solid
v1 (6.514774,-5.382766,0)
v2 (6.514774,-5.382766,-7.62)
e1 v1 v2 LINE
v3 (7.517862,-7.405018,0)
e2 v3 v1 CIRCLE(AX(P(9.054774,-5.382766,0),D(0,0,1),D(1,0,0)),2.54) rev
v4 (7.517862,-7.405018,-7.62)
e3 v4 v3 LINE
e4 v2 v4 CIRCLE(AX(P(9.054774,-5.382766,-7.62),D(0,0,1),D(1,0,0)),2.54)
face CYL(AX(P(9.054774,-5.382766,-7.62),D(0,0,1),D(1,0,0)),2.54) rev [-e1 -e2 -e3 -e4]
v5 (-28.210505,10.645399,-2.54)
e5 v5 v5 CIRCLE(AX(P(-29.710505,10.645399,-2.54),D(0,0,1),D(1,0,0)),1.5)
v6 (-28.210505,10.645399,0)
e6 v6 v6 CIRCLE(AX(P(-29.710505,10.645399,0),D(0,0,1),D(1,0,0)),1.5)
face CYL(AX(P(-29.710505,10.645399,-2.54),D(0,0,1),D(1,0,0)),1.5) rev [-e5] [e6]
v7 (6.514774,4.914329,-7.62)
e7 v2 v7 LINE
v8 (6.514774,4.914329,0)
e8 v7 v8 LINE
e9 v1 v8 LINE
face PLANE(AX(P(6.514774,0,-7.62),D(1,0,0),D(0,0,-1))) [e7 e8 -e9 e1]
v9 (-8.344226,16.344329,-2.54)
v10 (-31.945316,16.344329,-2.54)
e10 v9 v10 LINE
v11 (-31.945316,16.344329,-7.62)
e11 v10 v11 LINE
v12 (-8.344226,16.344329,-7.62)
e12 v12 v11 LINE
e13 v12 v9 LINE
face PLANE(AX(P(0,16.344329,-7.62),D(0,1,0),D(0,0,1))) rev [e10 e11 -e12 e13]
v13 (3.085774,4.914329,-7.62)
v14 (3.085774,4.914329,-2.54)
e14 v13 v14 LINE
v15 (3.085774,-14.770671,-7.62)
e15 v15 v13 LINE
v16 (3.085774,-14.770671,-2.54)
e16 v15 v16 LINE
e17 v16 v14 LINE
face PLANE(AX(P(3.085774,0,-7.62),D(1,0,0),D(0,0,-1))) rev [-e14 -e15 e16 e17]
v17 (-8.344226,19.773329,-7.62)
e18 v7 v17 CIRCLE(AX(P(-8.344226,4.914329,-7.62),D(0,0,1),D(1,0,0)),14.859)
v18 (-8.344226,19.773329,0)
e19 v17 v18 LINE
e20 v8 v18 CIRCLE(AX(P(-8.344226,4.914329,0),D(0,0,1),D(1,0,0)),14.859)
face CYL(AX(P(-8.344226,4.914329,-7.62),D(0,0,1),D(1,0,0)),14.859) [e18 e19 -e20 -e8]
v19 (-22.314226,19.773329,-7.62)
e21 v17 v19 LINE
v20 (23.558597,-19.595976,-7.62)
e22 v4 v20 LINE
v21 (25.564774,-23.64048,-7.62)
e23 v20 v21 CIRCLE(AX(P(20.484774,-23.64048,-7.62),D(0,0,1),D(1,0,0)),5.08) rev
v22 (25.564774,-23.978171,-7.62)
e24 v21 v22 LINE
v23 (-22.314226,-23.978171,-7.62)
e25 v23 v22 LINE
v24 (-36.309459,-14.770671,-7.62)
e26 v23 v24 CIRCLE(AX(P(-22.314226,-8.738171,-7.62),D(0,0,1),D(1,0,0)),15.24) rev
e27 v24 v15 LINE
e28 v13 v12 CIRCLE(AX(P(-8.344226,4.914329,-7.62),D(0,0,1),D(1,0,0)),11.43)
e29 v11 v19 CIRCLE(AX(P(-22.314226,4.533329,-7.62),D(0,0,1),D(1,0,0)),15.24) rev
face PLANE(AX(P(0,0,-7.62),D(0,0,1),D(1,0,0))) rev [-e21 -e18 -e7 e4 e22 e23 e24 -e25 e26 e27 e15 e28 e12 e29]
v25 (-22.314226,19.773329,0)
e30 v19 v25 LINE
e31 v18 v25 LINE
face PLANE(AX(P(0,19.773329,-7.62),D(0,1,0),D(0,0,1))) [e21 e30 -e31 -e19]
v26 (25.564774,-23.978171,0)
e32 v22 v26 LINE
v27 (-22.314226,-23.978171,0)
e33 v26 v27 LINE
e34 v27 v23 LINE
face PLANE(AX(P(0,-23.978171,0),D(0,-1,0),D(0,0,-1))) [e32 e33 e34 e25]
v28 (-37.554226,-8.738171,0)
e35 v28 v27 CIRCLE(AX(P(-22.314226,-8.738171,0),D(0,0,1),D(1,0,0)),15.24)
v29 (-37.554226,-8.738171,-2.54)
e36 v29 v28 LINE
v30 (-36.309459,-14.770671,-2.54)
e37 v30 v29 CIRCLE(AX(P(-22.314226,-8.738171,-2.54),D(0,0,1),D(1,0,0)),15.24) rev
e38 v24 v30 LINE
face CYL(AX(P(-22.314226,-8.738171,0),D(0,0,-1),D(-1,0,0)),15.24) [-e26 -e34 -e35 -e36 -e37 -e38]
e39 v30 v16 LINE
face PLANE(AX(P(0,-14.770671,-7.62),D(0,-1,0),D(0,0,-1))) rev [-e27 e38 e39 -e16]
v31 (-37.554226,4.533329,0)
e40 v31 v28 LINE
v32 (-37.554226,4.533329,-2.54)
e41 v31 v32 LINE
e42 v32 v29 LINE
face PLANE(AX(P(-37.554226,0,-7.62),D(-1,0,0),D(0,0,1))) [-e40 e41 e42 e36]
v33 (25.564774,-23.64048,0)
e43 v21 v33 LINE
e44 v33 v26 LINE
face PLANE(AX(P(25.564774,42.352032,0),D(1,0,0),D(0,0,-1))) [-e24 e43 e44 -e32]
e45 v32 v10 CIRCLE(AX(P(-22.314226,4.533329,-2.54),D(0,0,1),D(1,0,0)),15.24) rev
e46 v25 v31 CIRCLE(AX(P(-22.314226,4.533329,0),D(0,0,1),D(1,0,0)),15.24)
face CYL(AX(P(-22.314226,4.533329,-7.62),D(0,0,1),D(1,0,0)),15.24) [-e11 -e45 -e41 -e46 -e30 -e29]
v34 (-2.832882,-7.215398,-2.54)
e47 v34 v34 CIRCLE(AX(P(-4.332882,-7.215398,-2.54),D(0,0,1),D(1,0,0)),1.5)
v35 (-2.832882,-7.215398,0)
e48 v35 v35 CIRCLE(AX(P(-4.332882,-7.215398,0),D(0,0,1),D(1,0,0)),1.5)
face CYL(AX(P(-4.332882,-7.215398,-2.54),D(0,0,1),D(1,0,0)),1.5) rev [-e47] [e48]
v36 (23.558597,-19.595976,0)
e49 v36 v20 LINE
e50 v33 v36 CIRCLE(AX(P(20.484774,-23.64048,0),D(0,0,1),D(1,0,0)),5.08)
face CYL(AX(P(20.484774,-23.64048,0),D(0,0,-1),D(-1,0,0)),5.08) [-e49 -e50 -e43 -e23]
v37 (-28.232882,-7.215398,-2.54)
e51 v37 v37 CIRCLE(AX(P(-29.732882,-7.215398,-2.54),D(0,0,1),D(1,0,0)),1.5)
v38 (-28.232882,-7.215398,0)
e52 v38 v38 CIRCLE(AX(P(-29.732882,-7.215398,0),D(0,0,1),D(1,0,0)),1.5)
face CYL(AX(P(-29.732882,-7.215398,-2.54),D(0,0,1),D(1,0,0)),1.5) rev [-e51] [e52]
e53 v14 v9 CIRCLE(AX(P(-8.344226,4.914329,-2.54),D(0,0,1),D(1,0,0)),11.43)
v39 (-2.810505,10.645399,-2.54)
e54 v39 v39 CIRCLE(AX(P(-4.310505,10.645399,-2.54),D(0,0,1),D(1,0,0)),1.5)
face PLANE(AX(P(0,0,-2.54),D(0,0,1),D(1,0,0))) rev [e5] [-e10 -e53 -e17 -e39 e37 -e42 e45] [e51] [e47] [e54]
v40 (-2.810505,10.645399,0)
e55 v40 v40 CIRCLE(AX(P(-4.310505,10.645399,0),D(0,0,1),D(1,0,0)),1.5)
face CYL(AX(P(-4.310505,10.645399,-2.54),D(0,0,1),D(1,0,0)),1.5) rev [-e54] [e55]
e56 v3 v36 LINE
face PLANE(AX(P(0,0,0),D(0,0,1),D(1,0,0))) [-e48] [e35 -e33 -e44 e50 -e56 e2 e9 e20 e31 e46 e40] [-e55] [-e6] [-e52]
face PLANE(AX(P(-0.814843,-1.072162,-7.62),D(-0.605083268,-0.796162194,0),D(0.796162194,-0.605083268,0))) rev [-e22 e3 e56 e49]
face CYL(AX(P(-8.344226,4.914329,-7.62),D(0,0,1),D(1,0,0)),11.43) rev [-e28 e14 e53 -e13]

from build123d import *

# Parameters (mm, degrees)
BOSS_EXTRUDE1_DEPTH             = 7.62
SKETCH1_3_R                     = 1.5
BOSS_EXTRUDE2_DEPTH             = 2.54
SKETCH2_W                       = 63.119
SKETCH2_H                       = 7.62
BOSS_EXTRUDE3_DEPTH             = 2.54
BOSS_EXTRUDE3_DIRECTION_2_REACH = 58.274
FILLET1_R                       = 15.24
FILLET2_R                       = 5.08
FILLET3_R                       = 2.54


with BuildPart() as part:
    # Sketch1 → Boss-Extrude1 (new body)
    with BuildSketch(Plane.XY):
        with BuildLine():
            Line((-37.554226409, 19.773329444), (-37.554226409, 16.344329444))
            Line((-37.554226409, 16.344329444), (-8.344226409, 16.344329444))
            ThreePointArc((-8.344226409, 16.344329444), (-0.261995901, 12.996559953), (3.085773591, 4.914329444))
            Line((3.085773591, 4.914329444), (3.085773591, -14.770670556))
            Line((3.085773591, -14.770670556), (-37.554226409, -14.770670556))
            Line((-37.554226409, -14.770670556), (-37.554226409, -21.438170556))
            Line((-37.554226409, -21.438170556), (6.514773591, -21.438170556))
            Line((6.514773591, -21.438170556), (25.564773591, -21.120670556))
            Line((25.564773591, -21.120670556), (6.514773591, -6.642670556))
            Line((6.514773591, -6.642670556), (6.514773591, 4.914329444))
            ThreePointArc((6.514773591, 4.914329444), (2.162673252, 15.421229106), (-8.344226409, 19.773329444))
            Line((-8.344226409, 19.773329444), (-37.554226409, 19.773329444))
        make_face()
    extrude(amount=-BOSS_EXTRUDE1_DEPTH)

    # Sketch1<3> → Boss-Extrude2 (add)
    with BuildSketch(Plane.XY):
        with BuildLine():
            Line((-8.344226409, 16.344329444), (-37.554226409, 16.344329444))
            Line((-37.554226409, 16.344329444), (-37.554226409, -14.770670556))
            Line((-37.554226409, -14.770670556), (3.085773591, -14.770670556))
            Line((3.085773591, -14.770670556), (3.085773591, 4.914329444))
            ThreePointArc((3.085773591, 4.914329444), (-0.261995901, 12.996559953), (-8.344226409, 16.344329444))
        make_face()
        with Locations((-29.732882342, -7.215397763)):
            Circle(SKETCH1_3_R, mode=Mode.SUBTRACT)
        with Locations((-4.332882342, -7.215397763)):
            Circle(SKETCH1_3_R, mode=Mode.SUBTRACT)
        with Locations((-29.710505244, 10.645398587)):
            Circle(SKETCH1_3_R, mode=Mode.SUBTRACT)
        with Locations((-4.310505244, 10.645398587)):
            Circle(SKETCH1_3_R, mode=Mode.SUBTRACT)
    extrude(amount=-BOSS_EXTRUDE2_DEPTH)

    # Sketch2 → Boss-Extrude3 (add)
    with BuildSketch(Plane.XZ.offset(21.438170556)):
        with Locations((-5.994726409, -3.81)):
            Rectangle(SKETCH2_W, SKETCH2_H)
    extrude(amount=BOSS_EXTRUDE3_DEPTH)

    # Boss-Extrude3 direction 2: up to this face of the body (flat: up to its plane)
    boss_extrude3_direction_2_end = Plane(part.part.faces().sort_by_distance((16.039773591, -21.279420556, -3.81))[0])
    # Sketch2 → Boss-Extrude3 direction 2 (add, up to the picked face)
    with BuildSketch(Plane.XZ.offset(21.438170556), mode=Mode.PRIVATE) as boss_extrude3_direction_2_sk1:
        with Locations((-5.994726409, -3.81)):
            Rectangle(SKETCH2_W, SKETCH2_H)
    boss_extrude3_direction_2_tool1 = split(extrude(boss_extrude3_direction_2_sk1.sketch, amount=-BOSS_EXTRUDE3_DIRECTION_2_REACH, mode=Mode.PRIVATE), bisect_by=boss_extrude3_direction_2_end, keep=Keep.BOTH, mode=Mode.PRIVATE)
    add(boss_extrude3_direction_2_tool1.solids().sort_by(Axis((-5.994726, -21.438171, -3.81), (0, 1, 0)))[0])

    # Fillet1
    fillet1_edges = [part.edges().sort_by_distance(p)[0] for p in [
        (-37.554226409, 19.773329444, -3.81),
        (-37.554226409, -23.978170556, -3.81),
    ]]
    fillet(fillet1_edges, radius=FILLET1_R)

    # Fillet2
    fillet2_edges = [part.edges().sort_by_distance(p)[0] for p in [
        (25.564773591, -21.120670556, -3.81),
    ]]
    fillet(fillet2_edges, radius=FILLET2_R)

    # Fillet3
    fillet3_edges = [part.edges().sort_by_distance(p)[0] for p in [
        (6.514773591, -6.642670556, -3.81),
    ]]
    fillet(fillet3_edges, radius=FILLET3_R)


solid = part.part
